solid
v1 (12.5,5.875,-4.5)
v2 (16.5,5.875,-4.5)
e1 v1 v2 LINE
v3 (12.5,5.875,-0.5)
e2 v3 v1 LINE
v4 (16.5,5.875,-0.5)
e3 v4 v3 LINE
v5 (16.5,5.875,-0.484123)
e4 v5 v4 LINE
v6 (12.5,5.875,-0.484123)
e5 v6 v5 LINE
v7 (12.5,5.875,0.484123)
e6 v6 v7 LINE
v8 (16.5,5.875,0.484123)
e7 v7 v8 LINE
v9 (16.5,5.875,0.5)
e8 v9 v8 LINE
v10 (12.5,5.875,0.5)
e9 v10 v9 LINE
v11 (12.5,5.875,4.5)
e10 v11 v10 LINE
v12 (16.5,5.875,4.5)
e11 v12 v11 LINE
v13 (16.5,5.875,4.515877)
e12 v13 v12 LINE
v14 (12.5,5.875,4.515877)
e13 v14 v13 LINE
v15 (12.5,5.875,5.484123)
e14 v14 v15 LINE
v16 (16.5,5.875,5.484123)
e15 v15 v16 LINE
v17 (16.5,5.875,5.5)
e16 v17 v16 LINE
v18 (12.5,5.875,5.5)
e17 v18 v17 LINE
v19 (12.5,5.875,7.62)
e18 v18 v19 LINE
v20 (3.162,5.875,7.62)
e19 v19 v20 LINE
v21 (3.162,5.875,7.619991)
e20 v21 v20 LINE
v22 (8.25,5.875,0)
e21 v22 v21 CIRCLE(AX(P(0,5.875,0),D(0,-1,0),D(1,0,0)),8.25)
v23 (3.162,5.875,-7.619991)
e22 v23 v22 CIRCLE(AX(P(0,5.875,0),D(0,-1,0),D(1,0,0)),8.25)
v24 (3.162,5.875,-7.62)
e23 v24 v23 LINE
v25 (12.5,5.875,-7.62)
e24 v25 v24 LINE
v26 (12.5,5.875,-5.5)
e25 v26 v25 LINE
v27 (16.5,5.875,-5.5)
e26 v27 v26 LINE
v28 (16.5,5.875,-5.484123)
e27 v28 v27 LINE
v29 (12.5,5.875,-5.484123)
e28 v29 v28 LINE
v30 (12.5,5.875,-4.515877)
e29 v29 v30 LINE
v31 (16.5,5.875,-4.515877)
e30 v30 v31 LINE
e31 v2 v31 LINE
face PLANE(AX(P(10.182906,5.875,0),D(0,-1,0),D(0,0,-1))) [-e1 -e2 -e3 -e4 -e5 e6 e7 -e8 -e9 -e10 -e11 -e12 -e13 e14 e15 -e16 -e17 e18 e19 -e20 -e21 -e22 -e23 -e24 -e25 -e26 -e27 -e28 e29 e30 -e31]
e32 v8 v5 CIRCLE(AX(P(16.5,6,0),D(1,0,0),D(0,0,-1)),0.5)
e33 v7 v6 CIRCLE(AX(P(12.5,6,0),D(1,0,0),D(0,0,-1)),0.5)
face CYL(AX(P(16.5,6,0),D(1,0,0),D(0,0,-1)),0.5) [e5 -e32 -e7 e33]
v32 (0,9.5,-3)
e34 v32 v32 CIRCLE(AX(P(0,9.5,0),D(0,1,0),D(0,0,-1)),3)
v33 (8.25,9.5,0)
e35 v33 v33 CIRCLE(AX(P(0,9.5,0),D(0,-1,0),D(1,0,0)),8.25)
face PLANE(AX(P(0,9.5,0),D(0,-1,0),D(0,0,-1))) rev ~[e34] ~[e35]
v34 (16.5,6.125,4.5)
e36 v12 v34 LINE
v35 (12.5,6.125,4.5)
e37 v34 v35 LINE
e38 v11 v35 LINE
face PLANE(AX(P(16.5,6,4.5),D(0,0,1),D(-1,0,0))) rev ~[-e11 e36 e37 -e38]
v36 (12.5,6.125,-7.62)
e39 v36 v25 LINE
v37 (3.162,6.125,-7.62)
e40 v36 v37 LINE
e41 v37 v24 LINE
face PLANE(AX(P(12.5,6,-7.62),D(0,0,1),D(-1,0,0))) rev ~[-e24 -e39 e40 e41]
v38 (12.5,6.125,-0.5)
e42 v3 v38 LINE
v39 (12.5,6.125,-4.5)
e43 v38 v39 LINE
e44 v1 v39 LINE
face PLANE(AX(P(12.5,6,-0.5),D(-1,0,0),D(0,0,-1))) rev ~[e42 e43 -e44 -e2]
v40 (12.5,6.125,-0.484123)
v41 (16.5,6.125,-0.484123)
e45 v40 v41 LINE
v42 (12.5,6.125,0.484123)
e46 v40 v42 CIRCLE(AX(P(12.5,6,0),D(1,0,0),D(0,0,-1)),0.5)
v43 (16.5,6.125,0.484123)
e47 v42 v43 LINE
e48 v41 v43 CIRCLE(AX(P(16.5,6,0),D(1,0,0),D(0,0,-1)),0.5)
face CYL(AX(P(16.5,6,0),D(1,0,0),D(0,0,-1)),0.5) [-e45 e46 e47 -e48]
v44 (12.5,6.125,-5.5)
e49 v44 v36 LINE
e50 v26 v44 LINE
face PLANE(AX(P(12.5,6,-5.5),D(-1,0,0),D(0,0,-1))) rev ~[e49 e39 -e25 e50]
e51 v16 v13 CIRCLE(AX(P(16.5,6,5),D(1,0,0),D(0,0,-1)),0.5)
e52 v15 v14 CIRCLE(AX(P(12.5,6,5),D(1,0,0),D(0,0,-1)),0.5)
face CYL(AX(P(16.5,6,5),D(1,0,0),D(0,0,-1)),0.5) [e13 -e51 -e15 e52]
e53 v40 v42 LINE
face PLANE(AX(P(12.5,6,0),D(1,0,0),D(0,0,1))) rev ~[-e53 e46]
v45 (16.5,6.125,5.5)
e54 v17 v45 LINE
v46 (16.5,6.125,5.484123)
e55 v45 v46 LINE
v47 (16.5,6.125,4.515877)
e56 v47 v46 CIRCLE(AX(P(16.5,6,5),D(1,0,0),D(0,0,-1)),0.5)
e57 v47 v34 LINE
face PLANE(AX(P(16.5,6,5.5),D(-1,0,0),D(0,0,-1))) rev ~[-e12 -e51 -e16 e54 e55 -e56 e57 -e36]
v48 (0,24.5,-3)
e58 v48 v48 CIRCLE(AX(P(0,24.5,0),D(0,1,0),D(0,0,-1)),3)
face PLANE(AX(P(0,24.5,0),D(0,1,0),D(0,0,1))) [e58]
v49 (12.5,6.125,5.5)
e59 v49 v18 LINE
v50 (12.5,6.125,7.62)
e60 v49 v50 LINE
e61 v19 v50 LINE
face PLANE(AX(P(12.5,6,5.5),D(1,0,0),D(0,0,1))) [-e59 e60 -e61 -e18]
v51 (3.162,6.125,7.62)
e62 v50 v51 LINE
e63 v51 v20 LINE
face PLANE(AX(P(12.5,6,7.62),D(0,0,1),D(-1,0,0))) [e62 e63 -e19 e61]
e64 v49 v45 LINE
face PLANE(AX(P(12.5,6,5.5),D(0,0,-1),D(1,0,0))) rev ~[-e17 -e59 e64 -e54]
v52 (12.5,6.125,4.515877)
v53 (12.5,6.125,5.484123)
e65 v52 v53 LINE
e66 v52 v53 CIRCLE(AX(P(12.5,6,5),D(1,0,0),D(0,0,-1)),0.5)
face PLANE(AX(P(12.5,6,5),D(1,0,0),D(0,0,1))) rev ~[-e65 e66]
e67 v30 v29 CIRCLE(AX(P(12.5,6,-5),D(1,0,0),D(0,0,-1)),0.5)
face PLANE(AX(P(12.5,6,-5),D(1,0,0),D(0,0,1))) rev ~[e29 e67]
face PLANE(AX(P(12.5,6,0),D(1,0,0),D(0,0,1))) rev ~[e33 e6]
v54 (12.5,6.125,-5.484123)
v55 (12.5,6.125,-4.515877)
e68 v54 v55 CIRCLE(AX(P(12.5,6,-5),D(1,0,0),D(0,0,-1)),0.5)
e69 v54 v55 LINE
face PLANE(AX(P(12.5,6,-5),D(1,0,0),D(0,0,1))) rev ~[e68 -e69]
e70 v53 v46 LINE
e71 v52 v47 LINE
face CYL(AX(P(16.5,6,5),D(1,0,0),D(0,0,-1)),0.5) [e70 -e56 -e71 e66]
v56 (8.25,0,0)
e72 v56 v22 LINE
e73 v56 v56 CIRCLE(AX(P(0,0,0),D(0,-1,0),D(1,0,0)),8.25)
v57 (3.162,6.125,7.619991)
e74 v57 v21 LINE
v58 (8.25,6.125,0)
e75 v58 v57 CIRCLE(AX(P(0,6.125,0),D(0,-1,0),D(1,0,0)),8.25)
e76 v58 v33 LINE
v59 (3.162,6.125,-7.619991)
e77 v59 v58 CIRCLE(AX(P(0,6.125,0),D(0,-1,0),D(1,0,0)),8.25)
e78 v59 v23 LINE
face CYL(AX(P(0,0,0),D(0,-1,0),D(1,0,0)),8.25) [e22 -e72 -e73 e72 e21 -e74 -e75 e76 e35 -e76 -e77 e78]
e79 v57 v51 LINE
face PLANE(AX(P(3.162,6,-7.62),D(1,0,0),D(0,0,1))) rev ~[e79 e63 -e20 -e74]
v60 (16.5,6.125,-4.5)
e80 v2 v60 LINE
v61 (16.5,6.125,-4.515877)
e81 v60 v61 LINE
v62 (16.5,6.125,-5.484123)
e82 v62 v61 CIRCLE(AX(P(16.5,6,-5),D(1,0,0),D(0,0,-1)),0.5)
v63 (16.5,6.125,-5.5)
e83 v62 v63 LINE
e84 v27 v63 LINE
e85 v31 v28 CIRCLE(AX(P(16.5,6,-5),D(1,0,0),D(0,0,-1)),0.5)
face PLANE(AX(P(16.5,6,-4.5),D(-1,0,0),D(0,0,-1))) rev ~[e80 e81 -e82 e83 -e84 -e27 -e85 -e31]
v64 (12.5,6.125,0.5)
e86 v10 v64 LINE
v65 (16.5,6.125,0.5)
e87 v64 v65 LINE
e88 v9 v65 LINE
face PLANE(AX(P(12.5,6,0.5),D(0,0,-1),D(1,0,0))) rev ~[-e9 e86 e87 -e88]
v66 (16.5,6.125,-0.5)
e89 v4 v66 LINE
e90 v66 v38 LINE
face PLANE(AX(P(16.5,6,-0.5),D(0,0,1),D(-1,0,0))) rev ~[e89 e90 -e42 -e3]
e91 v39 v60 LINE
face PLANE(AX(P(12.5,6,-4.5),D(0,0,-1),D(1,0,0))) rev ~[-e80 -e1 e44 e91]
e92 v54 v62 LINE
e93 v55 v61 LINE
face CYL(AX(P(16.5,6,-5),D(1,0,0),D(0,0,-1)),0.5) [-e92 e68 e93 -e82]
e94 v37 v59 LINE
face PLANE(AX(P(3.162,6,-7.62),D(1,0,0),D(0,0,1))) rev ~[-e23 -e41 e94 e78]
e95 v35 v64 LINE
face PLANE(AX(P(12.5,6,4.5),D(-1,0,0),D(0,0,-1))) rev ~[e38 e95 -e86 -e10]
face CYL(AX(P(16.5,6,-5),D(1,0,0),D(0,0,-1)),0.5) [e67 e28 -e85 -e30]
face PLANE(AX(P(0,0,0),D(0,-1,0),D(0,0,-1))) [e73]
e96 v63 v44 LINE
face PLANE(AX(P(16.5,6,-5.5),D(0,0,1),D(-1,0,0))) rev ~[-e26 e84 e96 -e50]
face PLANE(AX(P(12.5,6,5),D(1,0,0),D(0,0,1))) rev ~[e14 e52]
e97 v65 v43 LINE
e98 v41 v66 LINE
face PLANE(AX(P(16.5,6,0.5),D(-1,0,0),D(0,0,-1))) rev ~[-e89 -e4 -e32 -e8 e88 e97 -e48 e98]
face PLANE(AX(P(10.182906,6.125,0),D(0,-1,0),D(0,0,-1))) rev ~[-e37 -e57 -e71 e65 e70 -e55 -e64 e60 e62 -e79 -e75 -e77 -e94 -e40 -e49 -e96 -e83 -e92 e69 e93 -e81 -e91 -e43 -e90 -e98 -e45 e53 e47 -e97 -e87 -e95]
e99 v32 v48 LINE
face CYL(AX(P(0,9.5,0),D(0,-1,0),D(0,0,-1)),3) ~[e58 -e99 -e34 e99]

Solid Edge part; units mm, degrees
sketch "Sketch1" plane through (0, 0, 0) normal (0, -1, 0) x (1, 0, 0)
  circle A0 centre (0, 0) radius 8.25
extrude "Protrusion1" add sketch "Sketch1" against normal blind 9.5
sketch "Sketch2" plane through (0, 9.5, 0) normal (0, 1, 0) x (0, 0, -1)
  circle A0 centre (0, 0) radius 3
extrude "ExtrudedProtrusion_2" add sketch "Sketch2" along normal blind 15
sketch "Sketch3" plane through (0, 6, 0) normal (0, 1, 0) x (0, 0, -1)
  line L0 (-7.62, -12.5) -> (-7.62, -3.162)
  line L1 (7.62, -3.162) -> (-7.62, -3.162)
  line L2 (7.62, -12.5) -> (7.62, -3.162)
  line L3 (5.5, -12.5) -> (7.62, -12.5)
  line L4 (5.5, -16.5) -> (5.5, -12.5)
  line L5 (4.5, -16.5) -> (5.5, -16.5)
  line L6 (4.5, -12.5) -> (4.5, -16.5)
  line L7 (0.5, -12.5) -> (4.5, -12.5)
  line L8 (0.5, -16.5) -> (0.5, -12.5)
  line L9 (-0.5, -16.5) -> (0.5, -16.5)
  line L10 (-0.5, -12.5) -> (-0.5, -16.5)
  line L11 (-4.5, -12.5) -> (-0.5, -12.5)
  line L12 (-4.5, -16.5) -> (-4.5, -12.5)
  line L13 (-5.5, -16.5) -> (-4.5, -16.5)
  line L14 (-5.5, -12.5) -> (-5.5, -16.5)
  line L15 (-5.5, -12.5) -> (-7.62, -12.5)
extrude "ExtrudedProtrusion_3" add sketch "Sketch3" along normal mid plane 0.25
sketch "Sketch4" plane through (16.5, 6, 5) normal (1, 0, 0) x (0, 0, -1)
  circle A0 centre (0, 0) radius 0.5
  circle A1 centre (5, 0) radius 0.5
  circle A2 centre (10, 0) radius 0.5
  dimension "D1" = 1
extrude "Protrusion2" add sketch "Sketch4" against normal up to vertex (4 mm away)
